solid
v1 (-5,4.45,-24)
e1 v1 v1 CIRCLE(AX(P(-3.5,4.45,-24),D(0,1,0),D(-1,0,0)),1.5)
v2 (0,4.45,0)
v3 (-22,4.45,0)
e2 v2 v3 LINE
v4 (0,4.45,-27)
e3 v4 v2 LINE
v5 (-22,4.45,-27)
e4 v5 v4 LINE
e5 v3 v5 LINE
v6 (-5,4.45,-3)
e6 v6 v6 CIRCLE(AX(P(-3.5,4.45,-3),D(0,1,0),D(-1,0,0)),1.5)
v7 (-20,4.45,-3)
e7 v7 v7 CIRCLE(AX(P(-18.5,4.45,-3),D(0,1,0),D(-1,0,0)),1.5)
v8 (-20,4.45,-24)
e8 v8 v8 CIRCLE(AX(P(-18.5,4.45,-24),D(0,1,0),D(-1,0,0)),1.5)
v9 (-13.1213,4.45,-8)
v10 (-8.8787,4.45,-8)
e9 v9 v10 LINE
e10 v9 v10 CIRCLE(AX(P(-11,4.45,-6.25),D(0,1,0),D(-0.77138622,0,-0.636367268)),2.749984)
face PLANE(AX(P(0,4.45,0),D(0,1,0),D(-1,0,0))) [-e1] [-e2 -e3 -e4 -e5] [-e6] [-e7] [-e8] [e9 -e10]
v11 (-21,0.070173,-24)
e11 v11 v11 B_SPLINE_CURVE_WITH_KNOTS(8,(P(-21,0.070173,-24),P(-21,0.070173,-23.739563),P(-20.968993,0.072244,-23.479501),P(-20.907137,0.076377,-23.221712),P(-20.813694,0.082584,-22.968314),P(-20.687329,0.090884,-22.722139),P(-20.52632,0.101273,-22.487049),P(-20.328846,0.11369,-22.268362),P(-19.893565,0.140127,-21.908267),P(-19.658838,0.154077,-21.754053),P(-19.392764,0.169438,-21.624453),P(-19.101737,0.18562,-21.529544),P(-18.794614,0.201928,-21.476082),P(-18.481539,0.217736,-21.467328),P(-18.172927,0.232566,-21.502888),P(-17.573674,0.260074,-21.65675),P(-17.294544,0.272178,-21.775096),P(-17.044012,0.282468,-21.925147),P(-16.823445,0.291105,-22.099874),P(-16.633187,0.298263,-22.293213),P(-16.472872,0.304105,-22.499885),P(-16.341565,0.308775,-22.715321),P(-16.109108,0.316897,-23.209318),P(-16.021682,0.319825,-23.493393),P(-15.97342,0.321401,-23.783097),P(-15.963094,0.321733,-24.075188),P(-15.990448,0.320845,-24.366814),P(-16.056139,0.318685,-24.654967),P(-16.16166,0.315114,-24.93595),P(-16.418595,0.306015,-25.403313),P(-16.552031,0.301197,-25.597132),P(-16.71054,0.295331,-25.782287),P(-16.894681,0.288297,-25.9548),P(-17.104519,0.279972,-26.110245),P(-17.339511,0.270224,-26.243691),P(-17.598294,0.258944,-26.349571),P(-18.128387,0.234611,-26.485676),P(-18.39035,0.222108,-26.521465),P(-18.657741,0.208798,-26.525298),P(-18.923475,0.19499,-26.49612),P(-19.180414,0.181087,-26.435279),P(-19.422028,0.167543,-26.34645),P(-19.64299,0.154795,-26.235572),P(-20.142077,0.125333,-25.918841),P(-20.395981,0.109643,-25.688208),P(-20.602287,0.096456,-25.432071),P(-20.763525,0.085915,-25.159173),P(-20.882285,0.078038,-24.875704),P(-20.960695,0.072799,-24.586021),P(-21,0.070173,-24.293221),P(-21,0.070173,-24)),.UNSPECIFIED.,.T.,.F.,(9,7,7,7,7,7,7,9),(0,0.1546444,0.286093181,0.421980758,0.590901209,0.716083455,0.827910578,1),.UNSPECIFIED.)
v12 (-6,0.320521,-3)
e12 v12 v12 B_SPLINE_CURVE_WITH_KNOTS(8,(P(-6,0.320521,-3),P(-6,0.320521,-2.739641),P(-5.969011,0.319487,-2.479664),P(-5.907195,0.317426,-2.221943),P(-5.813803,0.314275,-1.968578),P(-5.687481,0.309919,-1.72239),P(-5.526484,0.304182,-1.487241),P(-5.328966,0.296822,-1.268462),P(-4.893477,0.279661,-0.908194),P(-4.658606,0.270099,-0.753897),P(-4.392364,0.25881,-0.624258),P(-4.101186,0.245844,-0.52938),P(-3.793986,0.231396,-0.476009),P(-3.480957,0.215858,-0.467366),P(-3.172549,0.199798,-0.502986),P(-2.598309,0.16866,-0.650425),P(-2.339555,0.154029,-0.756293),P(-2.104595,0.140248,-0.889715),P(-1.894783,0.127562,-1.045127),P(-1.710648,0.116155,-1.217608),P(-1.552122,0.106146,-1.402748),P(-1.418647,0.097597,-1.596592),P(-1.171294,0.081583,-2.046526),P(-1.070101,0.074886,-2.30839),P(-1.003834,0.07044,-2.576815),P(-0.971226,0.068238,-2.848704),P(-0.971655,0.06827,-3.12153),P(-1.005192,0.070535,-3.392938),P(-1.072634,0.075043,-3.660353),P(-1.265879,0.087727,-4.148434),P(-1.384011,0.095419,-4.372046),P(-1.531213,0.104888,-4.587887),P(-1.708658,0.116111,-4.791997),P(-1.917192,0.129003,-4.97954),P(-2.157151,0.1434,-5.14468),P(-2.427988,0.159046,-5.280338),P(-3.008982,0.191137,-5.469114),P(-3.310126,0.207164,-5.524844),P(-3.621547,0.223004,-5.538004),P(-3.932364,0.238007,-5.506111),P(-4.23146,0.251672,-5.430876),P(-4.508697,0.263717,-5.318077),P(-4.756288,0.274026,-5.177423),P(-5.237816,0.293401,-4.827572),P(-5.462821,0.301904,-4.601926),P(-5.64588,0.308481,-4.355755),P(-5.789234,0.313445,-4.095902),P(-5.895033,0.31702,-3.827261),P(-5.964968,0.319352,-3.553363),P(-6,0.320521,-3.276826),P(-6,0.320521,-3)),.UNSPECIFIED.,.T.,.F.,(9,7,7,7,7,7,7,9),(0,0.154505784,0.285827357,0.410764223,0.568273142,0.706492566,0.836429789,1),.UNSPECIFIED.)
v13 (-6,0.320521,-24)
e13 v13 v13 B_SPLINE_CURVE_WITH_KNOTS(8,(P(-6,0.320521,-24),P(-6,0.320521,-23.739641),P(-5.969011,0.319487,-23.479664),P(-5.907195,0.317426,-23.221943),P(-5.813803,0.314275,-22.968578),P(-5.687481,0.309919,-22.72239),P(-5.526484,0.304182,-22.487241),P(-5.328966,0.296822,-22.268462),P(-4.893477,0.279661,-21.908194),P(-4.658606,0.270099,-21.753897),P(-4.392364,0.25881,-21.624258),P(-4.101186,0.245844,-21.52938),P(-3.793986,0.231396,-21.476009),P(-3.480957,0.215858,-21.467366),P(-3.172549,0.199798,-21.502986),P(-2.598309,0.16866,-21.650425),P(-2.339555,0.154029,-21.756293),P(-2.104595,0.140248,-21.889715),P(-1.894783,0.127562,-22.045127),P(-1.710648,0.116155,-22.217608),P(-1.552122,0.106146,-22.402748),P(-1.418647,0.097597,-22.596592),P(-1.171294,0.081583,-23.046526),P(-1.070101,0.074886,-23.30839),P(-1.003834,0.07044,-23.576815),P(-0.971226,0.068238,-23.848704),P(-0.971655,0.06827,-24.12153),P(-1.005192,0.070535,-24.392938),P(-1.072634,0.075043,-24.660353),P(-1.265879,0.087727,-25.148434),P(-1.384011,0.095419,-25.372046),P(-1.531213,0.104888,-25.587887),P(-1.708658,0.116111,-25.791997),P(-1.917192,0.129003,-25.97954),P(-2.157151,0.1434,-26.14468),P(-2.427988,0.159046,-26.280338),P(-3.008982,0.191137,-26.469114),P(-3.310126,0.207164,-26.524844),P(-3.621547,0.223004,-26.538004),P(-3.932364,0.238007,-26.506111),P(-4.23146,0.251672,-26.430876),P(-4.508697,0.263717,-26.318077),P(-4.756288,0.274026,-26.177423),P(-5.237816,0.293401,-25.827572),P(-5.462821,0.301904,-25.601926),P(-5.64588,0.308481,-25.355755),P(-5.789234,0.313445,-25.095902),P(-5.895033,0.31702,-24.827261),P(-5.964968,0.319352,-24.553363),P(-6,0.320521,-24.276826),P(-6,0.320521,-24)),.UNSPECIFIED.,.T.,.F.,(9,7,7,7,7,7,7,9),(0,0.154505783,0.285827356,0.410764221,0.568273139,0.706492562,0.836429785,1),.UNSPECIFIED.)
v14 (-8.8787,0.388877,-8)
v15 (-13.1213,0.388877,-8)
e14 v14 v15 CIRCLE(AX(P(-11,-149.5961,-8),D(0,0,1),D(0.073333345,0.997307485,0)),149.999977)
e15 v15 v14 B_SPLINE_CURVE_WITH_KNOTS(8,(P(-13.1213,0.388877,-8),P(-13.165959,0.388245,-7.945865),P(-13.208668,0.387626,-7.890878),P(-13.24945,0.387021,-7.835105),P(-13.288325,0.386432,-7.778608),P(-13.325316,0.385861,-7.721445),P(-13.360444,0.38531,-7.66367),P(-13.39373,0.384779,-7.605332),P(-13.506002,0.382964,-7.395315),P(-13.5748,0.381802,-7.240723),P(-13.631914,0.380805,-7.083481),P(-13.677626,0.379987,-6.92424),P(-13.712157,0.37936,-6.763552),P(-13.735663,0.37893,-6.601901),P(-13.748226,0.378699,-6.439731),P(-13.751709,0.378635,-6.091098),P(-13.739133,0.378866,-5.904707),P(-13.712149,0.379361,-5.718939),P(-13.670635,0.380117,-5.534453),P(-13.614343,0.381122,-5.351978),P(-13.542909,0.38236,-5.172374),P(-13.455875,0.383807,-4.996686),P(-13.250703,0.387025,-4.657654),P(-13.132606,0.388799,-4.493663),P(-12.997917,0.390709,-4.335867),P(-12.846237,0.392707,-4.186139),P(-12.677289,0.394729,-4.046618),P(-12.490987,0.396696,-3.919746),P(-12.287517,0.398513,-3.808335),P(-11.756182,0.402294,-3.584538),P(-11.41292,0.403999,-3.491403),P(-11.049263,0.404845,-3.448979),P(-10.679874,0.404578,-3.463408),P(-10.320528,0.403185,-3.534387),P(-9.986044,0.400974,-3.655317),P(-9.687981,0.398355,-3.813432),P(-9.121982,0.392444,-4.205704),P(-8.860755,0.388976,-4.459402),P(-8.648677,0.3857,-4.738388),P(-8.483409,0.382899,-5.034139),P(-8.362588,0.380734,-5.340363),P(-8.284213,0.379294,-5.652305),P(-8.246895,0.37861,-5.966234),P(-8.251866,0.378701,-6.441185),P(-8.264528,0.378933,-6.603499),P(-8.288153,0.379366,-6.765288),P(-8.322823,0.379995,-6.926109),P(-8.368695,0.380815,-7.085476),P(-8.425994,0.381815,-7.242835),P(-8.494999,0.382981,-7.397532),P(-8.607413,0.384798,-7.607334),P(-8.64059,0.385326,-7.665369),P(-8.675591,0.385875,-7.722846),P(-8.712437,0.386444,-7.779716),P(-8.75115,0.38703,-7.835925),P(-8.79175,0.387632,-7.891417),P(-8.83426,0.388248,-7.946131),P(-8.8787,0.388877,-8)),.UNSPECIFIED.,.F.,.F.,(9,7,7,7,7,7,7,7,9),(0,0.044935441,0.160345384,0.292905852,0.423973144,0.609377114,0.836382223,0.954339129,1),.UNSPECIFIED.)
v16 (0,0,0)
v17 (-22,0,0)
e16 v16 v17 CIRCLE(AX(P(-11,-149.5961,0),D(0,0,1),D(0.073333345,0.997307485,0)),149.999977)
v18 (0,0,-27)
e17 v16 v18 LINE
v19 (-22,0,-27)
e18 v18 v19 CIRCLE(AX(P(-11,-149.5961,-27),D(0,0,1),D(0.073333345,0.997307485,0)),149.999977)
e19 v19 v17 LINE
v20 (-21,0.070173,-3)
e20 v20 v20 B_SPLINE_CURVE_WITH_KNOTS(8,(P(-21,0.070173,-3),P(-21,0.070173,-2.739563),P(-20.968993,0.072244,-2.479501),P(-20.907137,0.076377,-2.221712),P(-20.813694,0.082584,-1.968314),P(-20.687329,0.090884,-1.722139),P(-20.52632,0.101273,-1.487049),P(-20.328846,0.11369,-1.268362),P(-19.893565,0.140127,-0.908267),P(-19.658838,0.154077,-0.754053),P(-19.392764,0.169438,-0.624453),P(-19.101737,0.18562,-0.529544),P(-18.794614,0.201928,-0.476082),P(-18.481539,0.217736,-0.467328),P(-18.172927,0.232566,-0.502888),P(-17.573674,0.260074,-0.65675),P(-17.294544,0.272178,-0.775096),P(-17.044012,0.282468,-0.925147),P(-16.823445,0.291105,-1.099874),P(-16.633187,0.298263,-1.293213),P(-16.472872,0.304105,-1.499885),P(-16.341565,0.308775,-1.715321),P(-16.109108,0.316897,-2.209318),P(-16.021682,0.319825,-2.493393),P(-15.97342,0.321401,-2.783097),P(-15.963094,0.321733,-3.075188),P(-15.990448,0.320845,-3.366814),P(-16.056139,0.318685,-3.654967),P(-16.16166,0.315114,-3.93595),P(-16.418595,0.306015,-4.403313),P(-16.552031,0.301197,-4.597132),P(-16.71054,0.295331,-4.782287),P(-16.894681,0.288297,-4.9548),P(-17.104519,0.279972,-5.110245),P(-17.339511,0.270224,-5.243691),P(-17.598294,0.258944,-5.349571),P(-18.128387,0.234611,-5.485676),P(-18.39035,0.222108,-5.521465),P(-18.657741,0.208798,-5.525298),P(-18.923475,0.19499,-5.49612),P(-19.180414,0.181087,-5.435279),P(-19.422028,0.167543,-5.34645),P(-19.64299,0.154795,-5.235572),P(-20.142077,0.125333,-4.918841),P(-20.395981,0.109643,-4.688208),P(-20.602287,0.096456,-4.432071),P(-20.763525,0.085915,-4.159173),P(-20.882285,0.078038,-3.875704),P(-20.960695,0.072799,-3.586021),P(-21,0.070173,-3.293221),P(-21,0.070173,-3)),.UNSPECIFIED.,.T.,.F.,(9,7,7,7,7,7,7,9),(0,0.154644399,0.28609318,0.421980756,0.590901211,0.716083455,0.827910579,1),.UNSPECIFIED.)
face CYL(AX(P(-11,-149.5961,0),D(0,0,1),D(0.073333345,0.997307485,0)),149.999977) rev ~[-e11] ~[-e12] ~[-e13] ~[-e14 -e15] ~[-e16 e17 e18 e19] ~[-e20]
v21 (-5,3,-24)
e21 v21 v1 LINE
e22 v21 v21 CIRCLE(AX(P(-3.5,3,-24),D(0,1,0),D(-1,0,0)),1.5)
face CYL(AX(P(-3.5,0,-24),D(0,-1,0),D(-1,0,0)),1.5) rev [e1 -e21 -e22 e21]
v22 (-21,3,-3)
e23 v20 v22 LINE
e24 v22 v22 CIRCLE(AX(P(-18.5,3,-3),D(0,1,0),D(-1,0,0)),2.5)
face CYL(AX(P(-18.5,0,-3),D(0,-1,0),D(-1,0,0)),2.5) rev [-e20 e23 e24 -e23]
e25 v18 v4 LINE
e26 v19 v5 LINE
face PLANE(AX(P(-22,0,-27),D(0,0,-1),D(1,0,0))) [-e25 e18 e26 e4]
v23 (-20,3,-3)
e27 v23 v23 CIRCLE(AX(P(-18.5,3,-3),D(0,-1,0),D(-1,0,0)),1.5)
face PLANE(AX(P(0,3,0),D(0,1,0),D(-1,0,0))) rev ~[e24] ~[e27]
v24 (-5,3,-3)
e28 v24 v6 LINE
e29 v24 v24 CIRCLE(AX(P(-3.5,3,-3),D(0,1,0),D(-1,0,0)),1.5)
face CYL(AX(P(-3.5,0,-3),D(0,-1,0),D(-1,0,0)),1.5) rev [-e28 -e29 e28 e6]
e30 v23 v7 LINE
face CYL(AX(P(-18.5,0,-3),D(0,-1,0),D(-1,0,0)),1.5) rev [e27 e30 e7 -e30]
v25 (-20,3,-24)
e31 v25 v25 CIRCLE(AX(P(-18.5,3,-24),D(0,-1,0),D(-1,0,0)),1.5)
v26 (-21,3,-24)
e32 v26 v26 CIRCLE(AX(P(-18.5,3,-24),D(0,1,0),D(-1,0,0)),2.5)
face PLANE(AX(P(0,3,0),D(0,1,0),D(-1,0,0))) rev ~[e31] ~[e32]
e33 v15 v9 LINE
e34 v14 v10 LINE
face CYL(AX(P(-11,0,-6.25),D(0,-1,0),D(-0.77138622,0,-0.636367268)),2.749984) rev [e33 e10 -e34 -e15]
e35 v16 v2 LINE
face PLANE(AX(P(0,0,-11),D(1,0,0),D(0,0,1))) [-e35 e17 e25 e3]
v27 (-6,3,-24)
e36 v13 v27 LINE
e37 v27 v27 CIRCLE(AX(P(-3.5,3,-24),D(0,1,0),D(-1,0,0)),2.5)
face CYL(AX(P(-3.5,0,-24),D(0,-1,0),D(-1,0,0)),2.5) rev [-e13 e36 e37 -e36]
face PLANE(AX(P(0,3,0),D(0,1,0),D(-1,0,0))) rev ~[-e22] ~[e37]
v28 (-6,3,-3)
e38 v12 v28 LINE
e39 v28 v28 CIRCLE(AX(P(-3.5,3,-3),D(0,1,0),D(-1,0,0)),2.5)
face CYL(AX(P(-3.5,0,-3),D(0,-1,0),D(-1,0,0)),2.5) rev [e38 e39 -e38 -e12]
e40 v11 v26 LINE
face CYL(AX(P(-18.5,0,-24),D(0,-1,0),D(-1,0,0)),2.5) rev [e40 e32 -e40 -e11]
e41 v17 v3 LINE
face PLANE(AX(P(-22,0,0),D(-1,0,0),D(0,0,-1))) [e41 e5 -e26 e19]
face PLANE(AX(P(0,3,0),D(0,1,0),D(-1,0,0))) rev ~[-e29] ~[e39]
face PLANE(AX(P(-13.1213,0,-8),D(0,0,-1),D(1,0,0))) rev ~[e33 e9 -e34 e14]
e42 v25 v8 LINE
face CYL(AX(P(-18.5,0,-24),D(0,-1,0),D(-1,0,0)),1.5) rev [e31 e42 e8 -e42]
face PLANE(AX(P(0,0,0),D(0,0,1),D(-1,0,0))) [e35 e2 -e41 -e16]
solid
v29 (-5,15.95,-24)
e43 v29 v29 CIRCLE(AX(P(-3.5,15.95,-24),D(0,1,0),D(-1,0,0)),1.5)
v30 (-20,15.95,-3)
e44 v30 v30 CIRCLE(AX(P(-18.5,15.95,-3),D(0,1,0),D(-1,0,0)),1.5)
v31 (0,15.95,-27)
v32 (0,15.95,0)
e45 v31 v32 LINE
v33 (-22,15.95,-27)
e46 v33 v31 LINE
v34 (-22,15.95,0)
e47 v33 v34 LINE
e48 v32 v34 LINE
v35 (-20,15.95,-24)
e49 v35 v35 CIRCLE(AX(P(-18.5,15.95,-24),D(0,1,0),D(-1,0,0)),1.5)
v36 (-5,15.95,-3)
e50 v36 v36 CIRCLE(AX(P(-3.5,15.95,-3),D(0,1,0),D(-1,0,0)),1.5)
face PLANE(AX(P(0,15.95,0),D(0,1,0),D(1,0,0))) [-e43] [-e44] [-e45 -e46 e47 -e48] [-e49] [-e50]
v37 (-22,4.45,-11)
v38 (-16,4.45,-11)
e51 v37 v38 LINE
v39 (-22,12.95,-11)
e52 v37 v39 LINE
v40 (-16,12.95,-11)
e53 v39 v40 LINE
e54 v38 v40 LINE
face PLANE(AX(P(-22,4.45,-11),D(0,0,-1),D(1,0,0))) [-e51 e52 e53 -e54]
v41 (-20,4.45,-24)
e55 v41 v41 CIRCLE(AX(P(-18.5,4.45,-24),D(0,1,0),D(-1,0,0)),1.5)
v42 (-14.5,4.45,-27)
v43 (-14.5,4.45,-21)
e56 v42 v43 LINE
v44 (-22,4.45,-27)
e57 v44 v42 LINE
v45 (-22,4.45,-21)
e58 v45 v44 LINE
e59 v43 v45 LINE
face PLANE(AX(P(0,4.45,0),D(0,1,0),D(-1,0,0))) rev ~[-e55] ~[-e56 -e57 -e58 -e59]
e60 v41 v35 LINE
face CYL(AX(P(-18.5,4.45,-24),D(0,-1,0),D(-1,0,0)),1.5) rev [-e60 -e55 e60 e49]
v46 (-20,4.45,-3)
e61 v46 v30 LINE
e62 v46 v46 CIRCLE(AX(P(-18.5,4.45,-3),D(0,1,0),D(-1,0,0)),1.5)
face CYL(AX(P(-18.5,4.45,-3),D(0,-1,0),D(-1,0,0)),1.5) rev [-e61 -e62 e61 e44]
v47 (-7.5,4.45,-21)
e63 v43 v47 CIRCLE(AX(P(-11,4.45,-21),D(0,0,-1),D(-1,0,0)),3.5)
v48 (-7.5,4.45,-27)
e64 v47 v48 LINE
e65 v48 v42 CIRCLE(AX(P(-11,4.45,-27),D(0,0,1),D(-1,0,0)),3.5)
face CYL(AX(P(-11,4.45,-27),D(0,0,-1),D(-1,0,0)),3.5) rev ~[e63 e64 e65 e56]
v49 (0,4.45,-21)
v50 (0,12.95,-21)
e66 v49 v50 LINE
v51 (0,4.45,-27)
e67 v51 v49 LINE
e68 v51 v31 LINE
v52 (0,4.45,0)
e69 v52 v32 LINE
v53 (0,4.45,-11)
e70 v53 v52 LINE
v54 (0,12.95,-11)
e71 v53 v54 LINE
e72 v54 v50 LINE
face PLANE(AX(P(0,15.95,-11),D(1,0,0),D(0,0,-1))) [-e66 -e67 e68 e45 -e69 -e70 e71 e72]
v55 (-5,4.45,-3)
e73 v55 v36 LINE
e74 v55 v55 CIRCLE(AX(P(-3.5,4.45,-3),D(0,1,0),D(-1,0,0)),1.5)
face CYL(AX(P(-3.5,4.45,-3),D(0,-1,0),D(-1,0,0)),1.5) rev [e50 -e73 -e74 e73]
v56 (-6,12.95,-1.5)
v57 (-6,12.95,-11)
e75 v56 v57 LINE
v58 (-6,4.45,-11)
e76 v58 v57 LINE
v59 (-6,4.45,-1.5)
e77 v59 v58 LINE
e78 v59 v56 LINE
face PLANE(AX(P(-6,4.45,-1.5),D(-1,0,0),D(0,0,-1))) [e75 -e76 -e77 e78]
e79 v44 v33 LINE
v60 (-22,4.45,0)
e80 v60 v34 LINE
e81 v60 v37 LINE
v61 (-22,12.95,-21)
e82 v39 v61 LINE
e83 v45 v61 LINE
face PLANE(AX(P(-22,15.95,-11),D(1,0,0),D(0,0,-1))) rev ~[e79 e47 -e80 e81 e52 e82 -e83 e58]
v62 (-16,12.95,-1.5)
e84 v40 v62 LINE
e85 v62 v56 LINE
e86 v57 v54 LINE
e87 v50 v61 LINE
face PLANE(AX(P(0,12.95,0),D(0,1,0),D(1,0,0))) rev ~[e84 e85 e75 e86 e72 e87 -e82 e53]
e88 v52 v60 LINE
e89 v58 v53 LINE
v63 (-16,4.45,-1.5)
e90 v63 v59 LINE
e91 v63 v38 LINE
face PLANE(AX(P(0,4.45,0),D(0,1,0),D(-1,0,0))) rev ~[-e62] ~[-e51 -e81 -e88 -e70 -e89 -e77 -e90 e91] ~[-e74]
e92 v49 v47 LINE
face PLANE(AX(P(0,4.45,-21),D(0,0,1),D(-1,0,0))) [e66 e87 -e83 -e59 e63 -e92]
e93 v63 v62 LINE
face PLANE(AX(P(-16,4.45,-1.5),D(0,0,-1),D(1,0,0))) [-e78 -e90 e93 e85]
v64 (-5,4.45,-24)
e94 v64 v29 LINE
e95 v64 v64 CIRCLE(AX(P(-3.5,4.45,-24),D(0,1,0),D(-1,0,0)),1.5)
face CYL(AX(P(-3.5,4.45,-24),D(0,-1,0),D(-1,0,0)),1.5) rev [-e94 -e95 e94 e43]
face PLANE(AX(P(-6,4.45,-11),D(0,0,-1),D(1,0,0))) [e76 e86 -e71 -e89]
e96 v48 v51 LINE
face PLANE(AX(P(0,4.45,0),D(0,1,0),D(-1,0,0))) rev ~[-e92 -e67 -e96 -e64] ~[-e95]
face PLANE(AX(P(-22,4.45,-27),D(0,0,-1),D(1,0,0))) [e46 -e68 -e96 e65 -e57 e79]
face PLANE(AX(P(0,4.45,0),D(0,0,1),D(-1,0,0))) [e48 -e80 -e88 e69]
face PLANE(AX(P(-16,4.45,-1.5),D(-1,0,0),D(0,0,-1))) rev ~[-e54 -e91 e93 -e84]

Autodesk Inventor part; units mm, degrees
ref_plane "YZ Plane" through (0, 0, 0) normal (1, 0, 0) x (0, 1, 0)
ref_plane "XZ Plane" through (0, 0, 0) normal (0, 1, 0) x (-1, 0, 0)
ref_plane "XY Plane" through (0, 0, 0) normal (0, 0, 1) x (1, 0, 0)
sketch "Sketch1" plane through (0, 0, 0) normal (0, 1, 0) x (-1, 0, 0)
  line L0 (0, 0) -> (22, 0)
  line L1 (22, 0) -> (22, -27)
  line L2 (22, -27) -> (0, -27)
  line L3 (0, -27) -> (0, 0)
  arc A0 (13.1213, -8) -> (8.8787, -8) centre (11, -6.25) ccw
  line L4 (13.1213, -8) -> (8.8787, -8)
  line L5 (11, 0) -> (11, -27) construction
  line L6 (0, -21) -> (22, -21)
  line L7 (22, -11) -> (0, -11)
  circle A1 centre (3.5, -24) radius 1.5
  circle A2 centre (18.5, -24) radius 1.5
  circle A3 centre (3.5, -3) radius 1.5
  circle A4 centre (18.5, -3) radius 1.5
  line L8 (3.5, -3) -> (3.5, -24) construction
  line L9 (3.5, -24) -> (18.5, -24) construction
  line L10 (18.5, -24) -> (18.5, -3) construction
  line L11 (18.5, -3) -> (3.5, -3) construction
  line L12 (0, 0) -> (22, -27) construction
  line L13 (18.5, -3) -> (3.5, -24) construction
  line L14 (15.2792, -21) -> (15.2792, -27) construction
  line L15 (16, -1.5) -> (16, -11)
  line L16 (6, -1.5) -> (6, -11)
  line L17 (16, -1.5) -> (6, -11) construction
  line L18 (16, -1.5) -> (6, -1.5)
  point P0 (11, -13.5)
  point P1 (15.2792, -24)
  point P2 (11, -6.25)
  dimension "d1" = 5.5
  dimension "d2" = 4.5
  dimension "d5" = 6.25
  dimension "d6" = 22
  dimension "d8" = 10
  dimension "d9" = 3
  dimension "d10" = 6
  dimension "d11" = 3
  dimension "d12" = 3.5
  dimension "d16" = 10
  dimension "d17" = 1.5
extrude "Extrusion1" add sketch "Sketch1" along normal blind 4.45
sketch "Sketch2" plane through (0, 0, 0) normal (0, 0, 1) x (1, 0, 0)
  arc A0 (0, 0) -> (-22, 0) centre (-11, -149.5961) ccw
  line L0 (0, 0) -> (-22, 0)
  dimension "d20" = 150
extrude "Extrusion4" cut sketch "Sketch2" against normal through all
ref_plane "Work Plane1" through (0, 15.95, 0) normal (0, 1, 0) x (1, 0, 0)
extrude "Extrusion5" add sketch "Sketch1" along normal up to surface (11.5 mm away) from surface at 4.45 separate body contours L0 L1 L7 L15 L18 L16 L3 | L6 L1 L2 L3
sketch "Sketch3" plane through (0, 15.95, 0) normal (0, 1, 0) x (1, 0, 0)
  line L0 (0, 21) -> (-22, 21) projected
  line L1 (-22, 21) -> (-22, 27) projected
  line L2 (-22, 27) -> (0, 27) projected
  line L3 (0, 27) -> (0, 21) projected
  circle A0 centre (-18.5, 24) radius 1.5 projected
  circle A1 centre (-3.5, 24) radius 1.5 projected
  line L4 (-16, 11) -> (-16, 1.5) projected
  line L5 (-16, 1.5) -> (-6, 1.5) projected
  line L6 (-6, 1.5) -> (-6, 11) projected
  line L7 (-6, 11) -> (0, 11) projected
  line L8 (0, 11) -> (0, 0) projected
  line L9 (0, 0) -> (-22, 0) projected
  line L10 (-22, 0) -> (-22, 11) projected
  line L11 (-22, 11) -> (-16, 11) projected
  circle A2 centre (-3.5, 3) radius 1.5 projected
  circle A3 centre (-18.5, 3) radius 1.5 projected
  line L12 (-6, 11) -> (0, 11) projected
  line L13 (0, 11) -> (0, 21)
  line L14 (0, 0) -> (0, 27) projected
  line L15 (-22, 11) -> (-22, 21)
extrude "Extrusion6" add sketch "Sketch3" against normal blind 3 contours L13 L7 L6 L5 L4 L11 L15 L0 bodies 2
sketch "Sketch4" plane through (0, 15.95, -27) normal (0, 0, -1) x (-1, 0, 0)
  line L0 (0, -11.5) -> (22, -11.5) projected
  circle A0 centre (11, -11.5) radius 3.5
  point P0 (0, -15.95)
  dimension "d28" = 7
extrude "Extrusion7" cut sketch "Sketch4" against normal up to surface (6 mm away) bodies 2
sketch "Sketch5" plane through (0, 0, 0) normal (0, 1, 0) x (-1, 0, 0)
  circle A0 centre (3.5, -24) radius 1.5 projected
  circle A1 centre (3.5, -24) radius 2.5
  circle A2 centre (18.5, -24) radius 2.5
  circle A3 centre (18.5, -3) radius 2.5
  circle A4 centre (3.5, -3) radius 1.5 projected
  circle A5 centre (3.5, -3) radius 2.5
  point P0 (0, 0)
  dimension "d31" = 5
extrude "Extrusion8" cut sketch "Sketch5" along normal blind 3 bodies 2 1
equation "\"d1\" = dallas_diameter + 2 * Margin"
equation "\"d2\" = dallas_short_diameter + 2 * Margin"
equation "\"Margin\" = 0.5"
equation "\"dallas_diameter\" = 4.5"
equation "\"dallas_short_diameter\" = 3.5"
equation "\"height_part\" = 15.5"
properties part number "dallas_holder"
